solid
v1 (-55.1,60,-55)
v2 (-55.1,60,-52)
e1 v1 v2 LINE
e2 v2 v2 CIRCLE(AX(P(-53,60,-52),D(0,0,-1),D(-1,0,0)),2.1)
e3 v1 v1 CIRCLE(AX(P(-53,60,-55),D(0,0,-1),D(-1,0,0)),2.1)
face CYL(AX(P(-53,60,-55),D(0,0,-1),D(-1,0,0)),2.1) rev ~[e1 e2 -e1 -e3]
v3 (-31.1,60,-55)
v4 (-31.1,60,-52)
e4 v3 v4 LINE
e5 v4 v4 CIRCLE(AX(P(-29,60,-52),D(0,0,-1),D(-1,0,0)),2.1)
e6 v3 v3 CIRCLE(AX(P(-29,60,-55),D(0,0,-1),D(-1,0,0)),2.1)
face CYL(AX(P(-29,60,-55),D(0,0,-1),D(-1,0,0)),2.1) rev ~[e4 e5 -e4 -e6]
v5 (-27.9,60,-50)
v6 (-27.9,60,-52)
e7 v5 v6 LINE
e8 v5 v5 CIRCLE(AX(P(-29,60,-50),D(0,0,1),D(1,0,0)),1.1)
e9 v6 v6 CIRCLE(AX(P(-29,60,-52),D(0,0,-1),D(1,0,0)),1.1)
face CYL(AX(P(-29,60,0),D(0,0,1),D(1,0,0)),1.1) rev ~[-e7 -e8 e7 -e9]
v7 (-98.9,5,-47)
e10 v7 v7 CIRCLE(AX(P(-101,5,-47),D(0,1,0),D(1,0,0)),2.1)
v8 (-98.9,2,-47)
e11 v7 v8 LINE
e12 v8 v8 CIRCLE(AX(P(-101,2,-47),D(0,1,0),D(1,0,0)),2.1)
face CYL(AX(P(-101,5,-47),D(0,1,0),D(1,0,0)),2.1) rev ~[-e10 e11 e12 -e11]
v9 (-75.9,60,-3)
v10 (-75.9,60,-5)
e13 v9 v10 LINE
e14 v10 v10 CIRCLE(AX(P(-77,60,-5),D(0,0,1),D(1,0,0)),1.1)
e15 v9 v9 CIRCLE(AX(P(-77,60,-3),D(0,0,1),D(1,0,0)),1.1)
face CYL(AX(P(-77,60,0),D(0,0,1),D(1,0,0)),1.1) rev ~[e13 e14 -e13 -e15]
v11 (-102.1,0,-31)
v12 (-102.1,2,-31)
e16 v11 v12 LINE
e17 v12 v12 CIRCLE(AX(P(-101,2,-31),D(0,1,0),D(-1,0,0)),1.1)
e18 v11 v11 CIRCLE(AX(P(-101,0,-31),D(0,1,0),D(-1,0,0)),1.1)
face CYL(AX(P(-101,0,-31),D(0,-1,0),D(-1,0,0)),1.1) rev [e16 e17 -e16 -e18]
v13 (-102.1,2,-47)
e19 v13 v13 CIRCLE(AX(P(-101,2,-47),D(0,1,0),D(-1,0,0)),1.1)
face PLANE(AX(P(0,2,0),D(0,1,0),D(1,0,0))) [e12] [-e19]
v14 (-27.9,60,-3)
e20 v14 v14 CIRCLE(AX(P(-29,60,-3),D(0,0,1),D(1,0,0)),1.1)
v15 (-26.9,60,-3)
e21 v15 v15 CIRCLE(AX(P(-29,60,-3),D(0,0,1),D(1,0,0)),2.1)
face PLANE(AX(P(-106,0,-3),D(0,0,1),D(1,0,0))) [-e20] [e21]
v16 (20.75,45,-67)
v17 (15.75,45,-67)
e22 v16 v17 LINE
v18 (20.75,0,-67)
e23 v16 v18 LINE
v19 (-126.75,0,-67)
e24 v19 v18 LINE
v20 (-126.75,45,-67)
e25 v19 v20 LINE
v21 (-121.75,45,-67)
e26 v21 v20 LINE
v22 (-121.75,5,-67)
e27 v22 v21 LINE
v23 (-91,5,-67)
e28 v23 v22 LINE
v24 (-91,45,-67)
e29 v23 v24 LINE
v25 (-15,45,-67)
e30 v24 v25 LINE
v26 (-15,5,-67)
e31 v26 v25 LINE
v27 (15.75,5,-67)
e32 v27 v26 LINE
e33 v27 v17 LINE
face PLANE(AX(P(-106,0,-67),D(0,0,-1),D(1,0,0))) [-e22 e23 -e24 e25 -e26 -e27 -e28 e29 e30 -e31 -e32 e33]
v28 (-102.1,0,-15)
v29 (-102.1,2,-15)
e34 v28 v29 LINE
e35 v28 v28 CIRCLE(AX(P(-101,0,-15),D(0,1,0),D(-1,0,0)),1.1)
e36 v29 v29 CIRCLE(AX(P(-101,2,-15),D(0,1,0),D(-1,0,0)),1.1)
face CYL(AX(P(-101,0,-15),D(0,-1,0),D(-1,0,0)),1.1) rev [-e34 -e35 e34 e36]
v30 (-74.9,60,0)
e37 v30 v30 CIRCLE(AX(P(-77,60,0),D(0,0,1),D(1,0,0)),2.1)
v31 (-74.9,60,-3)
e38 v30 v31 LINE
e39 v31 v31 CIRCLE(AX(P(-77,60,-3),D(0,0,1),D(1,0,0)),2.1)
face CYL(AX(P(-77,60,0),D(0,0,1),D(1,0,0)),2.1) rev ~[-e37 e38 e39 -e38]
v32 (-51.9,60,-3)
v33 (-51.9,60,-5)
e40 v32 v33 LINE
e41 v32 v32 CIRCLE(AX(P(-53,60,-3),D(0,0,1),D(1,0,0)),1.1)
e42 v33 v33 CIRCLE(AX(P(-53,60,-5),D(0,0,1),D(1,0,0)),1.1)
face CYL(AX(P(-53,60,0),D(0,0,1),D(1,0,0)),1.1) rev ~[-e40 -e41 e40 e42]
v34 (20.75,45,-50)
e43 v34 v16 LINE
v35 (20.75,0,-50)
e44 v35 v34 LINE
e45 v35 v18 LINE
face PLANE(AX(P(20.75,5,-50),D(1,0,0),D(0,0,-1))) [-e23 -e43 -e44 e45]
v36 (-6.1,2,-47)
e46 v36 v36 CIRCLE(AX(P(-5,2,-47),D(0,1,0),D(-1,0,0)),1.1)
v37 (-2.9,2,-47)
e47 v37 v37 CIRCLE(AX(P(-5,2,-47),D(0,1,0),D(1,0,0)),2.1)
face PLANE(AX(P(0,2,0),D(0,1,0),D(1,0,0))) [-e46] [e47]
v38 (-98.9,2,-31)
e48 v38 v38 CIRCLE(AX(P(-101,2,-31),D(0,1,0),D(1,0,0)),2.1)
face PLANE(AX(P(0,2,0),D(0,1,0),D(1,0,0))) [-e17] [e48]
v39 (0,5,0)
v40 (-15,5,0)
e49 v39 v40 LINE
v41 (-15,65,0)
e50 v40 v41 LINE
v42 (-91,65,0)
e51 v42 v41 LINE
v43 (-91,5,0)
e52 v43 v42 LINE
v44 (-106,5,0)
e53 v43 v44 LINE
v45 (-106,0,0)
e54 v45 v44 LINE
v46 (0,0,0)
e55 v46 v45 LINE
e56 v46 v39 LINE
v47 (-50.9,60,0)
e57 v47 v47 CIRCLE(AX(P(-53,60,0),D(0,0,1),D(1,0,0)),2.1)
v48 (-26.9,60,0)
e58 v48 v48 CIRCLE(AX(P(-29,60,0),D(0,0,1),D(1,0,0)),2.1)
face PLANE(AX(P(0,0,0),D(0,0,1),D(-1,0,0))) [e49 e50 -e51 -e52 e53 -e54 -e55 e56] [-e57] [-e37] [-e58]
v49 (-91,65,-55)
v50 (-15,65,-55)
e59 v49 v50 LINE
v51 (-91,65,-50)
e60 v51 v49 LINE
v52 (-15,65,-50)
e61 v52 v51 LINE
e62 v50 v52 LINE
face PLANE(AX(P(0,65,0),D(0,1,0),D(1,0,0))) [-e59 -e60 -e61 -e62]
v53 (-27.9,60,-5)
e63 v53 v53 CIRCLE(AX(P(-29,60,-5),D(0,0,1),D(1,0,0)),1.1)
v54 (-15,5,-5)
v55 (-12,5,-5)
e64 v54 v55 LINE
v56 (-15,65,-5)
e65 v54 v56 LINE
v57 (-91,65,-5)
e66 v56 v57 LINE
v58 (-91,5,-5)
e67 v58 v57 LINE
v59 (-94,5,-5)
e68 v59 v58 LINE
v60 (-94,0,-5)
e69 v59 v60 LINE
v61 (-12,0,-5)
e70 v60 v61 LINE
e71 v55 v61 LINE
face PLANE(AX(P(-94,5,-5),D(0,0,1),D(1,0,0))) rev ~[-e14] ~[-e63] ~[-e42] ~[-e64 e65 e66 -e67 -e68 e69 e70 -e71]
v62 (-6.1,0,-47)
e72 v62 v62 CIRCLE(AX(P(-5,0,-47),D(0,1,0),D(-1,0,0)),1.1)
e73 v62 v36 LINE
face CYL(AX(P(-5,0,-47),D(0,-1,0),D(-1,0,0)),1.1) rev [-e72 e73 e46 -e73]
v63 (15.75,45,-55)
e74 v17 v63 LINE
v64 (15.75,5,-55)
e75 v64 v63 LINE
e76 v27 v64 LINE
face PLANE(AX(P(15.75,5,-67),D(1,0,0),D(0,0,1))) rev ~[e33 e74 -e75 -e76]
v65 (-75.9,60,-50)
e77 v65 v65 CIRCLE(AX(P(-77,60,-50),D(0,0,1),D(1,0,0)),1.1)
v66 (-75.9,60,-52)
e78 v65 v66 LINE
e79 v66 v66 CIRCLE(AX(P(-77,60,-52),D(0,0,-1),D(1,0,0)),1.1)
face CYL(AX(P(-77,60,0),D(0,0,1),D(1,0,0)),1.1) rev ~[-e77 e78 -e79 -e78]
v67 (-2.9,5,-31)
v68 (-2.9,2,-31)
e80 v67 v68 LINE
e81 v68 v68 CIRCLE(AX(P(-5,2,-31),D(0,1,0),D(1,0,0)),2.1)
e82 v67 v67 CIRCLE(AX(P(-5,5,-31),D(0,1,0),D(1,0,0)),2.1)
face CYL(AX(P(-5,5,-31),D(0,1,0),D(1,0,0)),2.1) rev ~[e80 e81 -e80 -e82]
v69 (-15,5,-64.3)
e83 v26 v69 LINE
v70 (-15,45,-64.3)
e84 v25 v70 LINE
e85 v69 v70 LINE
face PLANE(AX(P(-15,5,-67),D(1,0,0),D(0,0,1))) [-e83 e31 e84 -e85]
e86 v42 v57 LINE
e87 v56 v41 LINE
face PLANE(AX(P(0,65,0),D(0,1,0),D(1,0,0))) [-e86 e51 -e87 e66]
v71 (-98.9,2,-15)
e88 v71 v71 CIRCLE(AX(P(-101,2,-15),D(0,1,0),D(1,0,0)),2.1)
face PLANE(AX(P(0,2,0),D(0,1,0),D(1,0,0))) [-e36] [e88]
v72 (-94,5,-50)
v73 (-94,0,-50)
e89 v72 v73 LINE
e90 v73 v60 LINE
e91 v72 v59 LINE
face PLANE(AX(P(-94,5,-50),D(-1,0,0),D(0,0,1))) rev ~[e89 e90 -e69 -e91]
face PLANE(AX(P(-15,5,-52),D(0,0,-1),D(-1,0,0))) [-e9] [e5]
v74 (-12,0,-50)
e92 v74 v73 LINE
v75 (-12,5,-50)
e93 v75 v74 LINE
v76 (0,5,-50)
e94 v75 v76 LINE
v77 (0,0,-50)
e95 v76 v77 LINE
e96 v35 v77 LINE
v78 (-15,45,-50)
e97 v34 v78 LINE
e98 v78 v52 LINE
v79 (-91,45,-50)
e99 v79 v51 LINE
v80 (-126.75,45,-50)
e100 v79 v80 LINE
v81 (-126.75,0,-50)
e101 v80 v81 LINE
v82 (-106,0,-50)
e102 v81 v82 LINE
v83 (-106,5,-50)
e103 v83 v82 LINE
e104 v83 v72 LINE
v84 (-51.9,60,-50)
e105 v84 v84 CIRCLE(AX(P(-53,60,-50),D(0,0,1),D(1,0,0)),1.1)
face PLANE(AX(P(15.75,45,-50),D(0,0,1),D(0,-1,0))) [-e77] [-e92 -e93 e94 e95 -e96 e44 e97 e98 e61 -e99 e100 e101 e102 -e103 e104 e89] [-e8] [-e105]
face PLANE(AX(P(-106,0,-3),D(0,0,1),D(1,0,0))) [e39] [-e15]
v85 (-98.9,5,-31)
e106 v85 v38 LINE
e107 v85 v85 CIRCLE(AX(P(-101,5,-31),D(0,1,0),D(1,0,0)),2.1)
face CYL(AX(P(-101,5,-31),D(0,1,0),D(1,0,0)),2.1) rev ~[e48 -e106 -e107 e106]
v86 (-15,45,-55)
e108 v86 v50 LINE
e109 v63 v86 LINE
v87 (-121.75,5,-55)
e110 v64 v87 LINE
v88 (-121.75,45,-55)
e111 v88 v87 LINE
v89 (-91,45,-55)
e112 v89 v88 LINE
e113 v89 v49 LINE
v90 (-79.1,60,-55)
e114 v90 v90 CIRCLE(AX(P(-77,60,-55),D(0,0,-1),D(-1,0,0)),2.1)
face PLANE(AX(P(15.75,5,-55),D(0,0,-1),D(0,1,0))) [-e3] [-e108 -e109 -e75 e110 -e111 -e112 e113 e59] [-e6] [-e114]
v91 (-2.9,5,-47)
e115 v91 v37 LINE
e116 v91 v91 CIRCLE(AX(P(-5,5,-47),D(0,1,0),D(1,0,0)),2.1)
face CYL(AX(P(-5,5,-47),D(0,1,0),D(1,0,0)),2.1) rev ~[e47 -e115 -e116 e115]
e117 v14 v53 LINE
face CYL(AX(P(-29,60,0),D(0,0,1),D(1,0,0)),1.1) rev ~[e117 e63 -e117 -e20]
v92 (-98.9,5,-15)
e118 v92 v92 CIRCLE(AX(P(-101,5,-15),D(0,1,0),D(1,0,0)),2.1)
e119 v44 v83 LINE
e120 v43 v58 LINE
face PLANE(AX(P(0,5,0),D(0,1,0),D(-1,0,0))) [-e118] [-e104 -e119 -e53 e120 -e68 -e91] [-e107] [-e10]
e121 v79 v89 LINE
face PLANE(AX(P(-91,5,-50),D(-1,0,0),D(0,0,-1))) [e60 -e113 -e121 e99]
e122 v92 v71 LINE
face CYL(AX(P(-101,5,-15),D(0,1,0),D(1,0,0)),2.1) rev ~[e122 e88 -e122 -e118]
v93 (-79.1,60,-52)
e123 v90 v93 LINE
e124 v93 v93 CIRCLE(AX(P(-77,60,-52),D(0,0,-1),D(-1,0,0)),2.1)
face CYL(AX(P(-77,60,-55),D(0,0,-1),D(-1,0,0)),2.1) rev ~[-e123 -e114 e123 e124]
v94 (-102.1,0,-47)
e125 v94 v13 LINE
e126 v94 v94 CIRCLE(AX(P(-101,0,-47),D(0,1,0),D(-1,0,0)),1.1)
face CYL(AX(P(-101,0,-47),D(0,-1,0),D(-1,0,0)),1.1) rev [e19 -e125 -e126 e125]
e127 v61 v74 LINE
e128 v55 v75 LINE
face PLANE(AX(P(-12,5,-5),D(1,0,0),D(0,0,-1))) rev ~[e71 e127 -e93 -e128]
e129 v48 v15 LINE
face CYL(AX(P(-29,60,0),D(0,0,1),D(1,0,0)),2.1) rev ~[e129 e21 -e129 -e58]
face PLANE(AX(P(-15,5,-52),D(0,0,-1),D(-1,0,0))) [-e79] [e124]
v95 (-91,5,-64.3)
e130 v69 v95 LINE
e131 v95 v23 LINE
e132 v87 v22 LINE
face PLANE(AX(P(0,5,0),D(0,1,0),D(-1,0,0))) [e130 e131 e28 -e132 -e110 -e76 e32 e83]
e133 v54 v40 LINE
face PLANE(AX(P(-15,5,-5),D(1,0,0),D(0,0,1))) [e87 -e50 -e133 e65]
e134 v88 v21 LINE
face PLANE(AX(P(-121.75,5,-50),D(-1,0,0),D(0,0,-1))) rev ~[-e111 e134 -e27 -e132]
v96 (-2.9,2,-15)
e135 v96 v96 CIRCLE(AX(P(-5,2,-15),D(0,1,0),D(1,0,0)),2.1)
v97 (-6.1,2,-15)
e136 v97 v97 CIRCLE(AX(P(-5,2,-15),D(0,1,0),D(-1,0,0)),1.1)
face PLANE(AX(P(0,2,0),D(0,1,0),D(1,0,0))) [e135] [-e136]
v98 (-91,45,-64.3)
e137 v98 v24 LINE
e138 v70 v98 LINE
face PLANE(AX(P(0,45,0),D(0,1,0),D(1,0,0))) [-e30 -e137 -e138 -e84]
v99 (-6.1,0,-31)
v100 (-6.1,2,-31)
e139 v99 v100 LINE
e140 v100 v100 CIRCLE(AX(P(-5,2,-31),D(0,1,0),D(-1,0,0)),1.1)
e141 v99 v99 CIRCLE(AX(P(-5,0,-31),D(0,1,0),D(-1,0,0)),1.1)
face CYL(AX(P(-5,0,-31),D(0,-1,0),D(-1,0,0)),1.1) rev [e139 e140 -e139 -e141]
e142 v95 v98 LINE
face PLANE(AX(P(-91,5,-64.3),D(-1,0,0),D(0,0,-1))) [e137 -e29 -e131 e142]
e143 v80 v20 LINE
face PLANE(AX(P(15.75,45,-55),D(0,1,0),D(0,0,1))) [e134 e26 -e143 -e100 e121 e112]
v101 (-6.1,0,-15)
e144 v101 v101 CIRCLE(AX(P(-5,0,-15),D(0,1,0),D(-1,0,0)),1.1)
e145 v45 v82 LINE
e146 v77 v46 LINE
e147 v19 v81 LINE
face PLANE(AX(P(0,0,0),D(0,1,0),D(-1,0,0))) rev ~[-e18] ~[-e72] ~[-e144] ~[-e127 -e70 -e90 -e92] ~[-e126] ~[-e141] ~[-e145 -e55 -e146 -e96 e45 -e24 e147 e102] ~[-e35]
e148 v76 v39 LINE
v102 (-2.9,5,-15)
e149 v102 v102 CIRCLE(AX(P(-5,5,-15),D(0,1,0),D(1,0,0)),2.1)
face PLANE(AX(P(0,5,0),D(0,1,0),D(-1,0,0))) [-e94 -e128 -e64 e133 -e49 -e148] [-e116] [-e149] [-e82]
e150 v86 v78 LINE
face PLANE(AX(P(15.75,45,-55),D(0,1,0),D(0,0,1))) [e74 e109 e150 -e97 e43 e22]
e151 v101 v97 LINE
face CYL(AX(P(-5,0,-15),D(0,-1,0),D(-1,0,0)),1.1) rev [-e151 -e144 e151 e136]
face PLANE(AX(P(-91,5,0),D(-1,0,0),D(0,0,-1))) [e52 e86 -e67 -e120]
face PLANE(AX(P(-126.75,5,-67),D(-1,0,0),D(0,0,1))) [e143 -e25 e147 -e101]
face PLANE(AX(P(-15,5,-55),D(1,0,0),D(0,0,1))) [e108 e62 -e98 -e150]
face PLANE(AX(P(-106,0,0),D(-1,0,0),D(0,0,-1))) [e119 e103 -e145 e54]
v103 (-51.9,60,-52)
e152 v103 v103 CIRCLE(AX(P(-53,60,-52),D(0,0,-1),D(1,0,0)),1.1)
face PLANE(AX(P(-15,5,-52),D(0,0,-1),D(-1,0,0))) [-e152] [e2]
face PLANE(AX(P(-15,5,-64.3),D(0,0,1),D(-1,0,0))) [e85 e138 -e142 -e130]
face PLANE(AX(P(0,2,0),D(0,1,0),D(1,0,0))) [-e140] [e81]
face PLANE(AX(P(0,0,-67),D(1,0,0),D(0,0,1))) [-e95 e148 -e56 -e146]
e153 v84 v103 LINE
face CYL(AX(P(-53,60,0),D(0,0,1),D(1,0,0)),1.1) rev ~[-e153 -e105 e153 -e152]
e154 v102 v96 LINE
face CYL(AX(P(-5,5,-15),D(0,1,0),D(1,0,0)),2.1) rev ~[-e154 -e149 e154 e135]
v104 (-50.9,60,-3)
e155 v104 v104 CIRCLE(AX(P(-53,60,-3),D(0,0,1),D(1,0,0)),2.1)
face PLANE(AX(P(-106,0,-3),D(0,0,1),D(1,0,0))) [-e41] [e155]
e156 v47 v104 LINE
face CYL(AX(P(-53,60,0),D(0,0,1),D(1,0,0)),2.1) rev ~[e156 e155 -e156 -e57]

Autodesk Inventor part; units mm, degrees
ref_plane "YZ Plane" through (0, 0, 0) normal (1, 0, 0) x (0, 1, 0)
ref_plane "XZ Plane" through (0, 0, 0) normal (0, 1, 0) x (-1, 0, 0)
ref_plane "XY Plane" through (0, 0, 0) normal (0, 0, 1) x (1, 0, 0)
sketch "스케치1" plane through (0, 0, 0) normal (0, 1, 0) x (-1, 0, 0)
  line L0 (0, 0) -> (106, 0)
  line L1 (106, 0) -> (106, -67)
  line L2 (106, -67) -> (0, -67)
  line L3 (0, -67) -> (0, 0)
  circle A0 centre (5, -15) radius 1.1
  circle A1 centre (5, -31) radius 1.1
  circle A2 centre (5, -47) radius 1.1
  circle A3 centre (101, -15) radius 1.1
  circle A4 centre (101, -31) radius 1.1
  circle A5 centre (101, -47) radius 1.1
  dimension "d1" = 2.2
  dimension "d4" = 16
  dimension "d7" = 96
  dimension "d10" = 5
  dimension "d11" = 15
  dimension "d12" = 5
  dimension "d13" = 20
extrude "돌출1" add sketch "스케치1" along normal blind 5
sketch "스케치2" plane through (0, 5, 0) normal (0, 1, 0) x (1, 0, 0)
  circle A0 centre (-5, 15) radius 1.1 projected
  circle A1 centre (-5, 15) radius 2.1
  circle A2 centre (-5, 31) radius 1.1 projected
  circle A3 centre (-5, 31) radius 2.1
  circle A4 centre (-5, 47) radius 1.1 projected
  circle A5 centre (-5, 47) radius 2.1
  circle A6 centre (-101, 47) radius 1.1 projected
  circle A7 centre (-101, 47) radius 2.1
  circle A8 centre (-101, 31) radius 1.1 projected
  circle A9 centre (-101, 31) radius 2.1
  circle A10 centre (-101, 15) radius 1.1 projected
  circle A11 centre (-101, 15) radius 2.1
  point P0 (0, 0)
  dimension "d16" = 4.2
  dimension "d17" = 4.2
  dimension "d18" = 4.2
  dimension "d19" = 4.2
  dimension "d20" = 4.2
  dimension "d21" = 4.2
extrude "돌출2" cut sketch "스케치2" against normal blind 3
sketch "스케치3" plane through (0, 5, 0) normal (0, 1, 0) x (1, 0, 0)
  line L0 (-106, 67) -> (0, 67) projected
  line L1 (-106, 0) -> (0, 0) projected
  line L2 (-91, 67) -> (-15, 67)
  line L3 (-15, 67) -> (-15, 0)
  line L4 (-15, 0) -> (-91, 0)
  line L5 (-91, 0) -> (-91, 67)
  line L6 (0, 0) -> (0, 67) projected
  line L7 (-106, 67) -> (-106, 0) projected
  line L8 (-91, 0) -> (-15, 0)
  line L9 (-15, 0) -> (-15, 5)
  line L10 (-15, 5) -> (-91, 5)
  line L11 (-91, 5) -> (-91, 0)
  line L12 (-91, 55) -> (-15, 55)
  line L13 (-15, 55) -> (-15, 50)
  line L14 (-15, 50) -> (-91, 50)
  line L15 (-91, 50) -> (-91, 55)
  dimension "d24" = 15
  dimension "d25" = 15
  dimension "d26" = 5
  dimension "d27" = 5
  dimension "d30" = 45
extrude "돌출3" add sketch "스케치3" along normal blind 60 contours L12 L3 L14 L5 | L5 L10 L3 L1
sketch "스케치4" plane through (-106, 0, 0) normal (0, 0, 1) x (1, 0, 0)
  circle A0 centre (53, 60) radius 1.1
  circle A1 centre (77, 60) radius 1.1
  circle A2 centre (29, 60) radius 1.1
  line L0 (91, 5) -> (91, 65) projected
  line L1 (15, 65) -> (91, 65) projected
  point P0 (106, 0)
  dimension "d33" = 2.2
  dimension "d34" = 2.2
  dimension "d35" = 2.2
  dimension "d36" = 24
  dimension "d37" = 24
  dimension "d38" = 38
  dimension "d39" = 5
  dimension "d40" = 5
  dimension "d41" = 5
extrude "돌출4" cut sketch "스케치4" against normal blind 55
sketch "스케치5" plane through (-106, 0, 0) normal (0, 0, 1) x (1, 0, 0)
  circle A0 centre (29, 60) radius 1.1 projected
  circle A1 centre (29, 60) radius 2.1
  circle A2 centre (53, 60) radius 1.1 projected
  circle A3 centre (53, 60) radius 2.1
  circle A4 centre (77, 60) radius 1.1 projected
  circle A5 centre (77, 60) radius 2.1
  point P0 (106, 0)
  dimension "d44" = 4.2
  dimension "d45" = 4.2
  dimension "d46" = 4.2
sketch "스케치6" plane through (-15, 5, -55) normal (0, 0, -1) x (-1, 0, 0)
  circle A0 centre (14, 55) radius 1.1 projected
  circle A1 centre (14, 55) radius 2.1
  circle A2 centre (38, 55) radius 1.1 projected
  circle A3 centre (38, 55) radius 2.1
  circle A4 centre (62, 55) radius 1.1 projected
  circle A5 centre (62, 55) radius 2.1
  point P0 (-15, -5)
  dimension "d47" = 4.2
  dimension "d48" = 4.2
  dimension "d49" = 4.2
extrude "돌출5" cut sketch "스케치6" against normal blind 3
extrude "돌출6" cut sketch "스케치5" against normal blind 3
sketch "스케치7" plane through (0, 5, 0) normal (0, 1, 0) x (1, 0, 0)
  line L0 (-91, 67) -> (-15, 67)
  line L1 (-15, 67) -> (-15, 64.3)
  line L2 (-15, 64.3) -> (-91, 64.3)
  line L3 (-91, 64.3) -> (-91, 67)
  line L4 (-91, 55) -> (-91, 50) projected
  line L5 (-15, 50) -> (-15, 55) projected
  line L6 (-15, 55) -> (-91, 55) projected
  line L7 (-126.75, 50) -> (-121.75, 50)
  line L8 (-121.75, 50) -> (-121.75, 67)
  line L9 (-121.75, 67) -> (-126.75, 67)
  line L10 (-126.75, 67) -> (-126.75, 50)
  line L11 (15.75, 50) -> (20.75, 50)
  line L12 (20.75, 50) -> (20.75, 67)
  line L13 (20.75, 67) -> (15.75, 67)
  line L14 (15.75, 67) -> (15.75, 50)
  line L15 (-106, 67) -> (-106, 0) projected
  line L16 (-126.75, 50) -> (-106, 50)
  line L17 (-106, 50) -> (-106, 67)
  line L18 (-106, 67) -> (-126.75, 67)
  line L19 (-126.75, 67) -> (-126.75, 50)
  line L20 (0, 50) -> (20.75, 50)
  line L21 (20.75, 50) -> (20.75, 67)
  line L22 (20.75, 67) -> (0, 67)
  line L23 (0, 67) -> (0, 50)
  point P0 (0, 0)
  point P1 (0, 67)
  dimension "d54" = 9.3
  dimension "d56" = 5
  dimension "d57" = 5
  dimension "d58" = 137.5
  dimension "d59" = 15.75
extrude "돌출7" add sketch "스케치7" along normal blind 40 contours L10 L9 L8 L7 | L14 L13 L12 L11
extrude "돌출8" add sketch "스케치7" against normal blind 5 contours L10 L9 L8 L7 | L8 L18 L15 L16 | L14 L13 L12 L11 | L20 L23 L22 L14
extrude "돌출9" add sketch "스케치7" along normal blind 40 contours L0 L1 L2 L3
sketch "스케치8" plane through (15.75, 5, -67) normal (-1, 0, 0) x (0, 0, 1)
  line L0 (17, 0) -> (12, 0) projected
  line L1 (17, 0) -> (12, 0)
  line L2 (12, 0) -> (12, 40)
  line L3 (12, 40) -> (17, 40)
  line L4 (17, 40) -> (17, 0)
  point P0 (67, -5)
  dimension "d66" = 5
  dimension "d67" = 40
extrude "돌출10" add sketch "스케치8" along normal blind 142.5
sketch "스케치9" plane through (0, 5, 0) normal (0, 1, 0) x (1, 0, 0)
  line L0 (0, 50) -> (-106, 50) projected
  line L1 (-94, 5) -> (-12, 5)
  line L2 (-12, 5) -> (-12, 50)
  line L3 (-12, 50) -> (-94, 50)
  line L4 (-94, 50) -> (-94, 5)
  line L5 (-15, 5) -> (-91, 5) projected
  line L6 (-106, 50) -> (-106, 0) projected
  line L7 (0, 0) -> (0, 50) projected
  dimension "d70" = 12
  dimension "d71" = 12
extrude "돌출11" cut sketch "스케치9" against normal blind 10
equation "\"d25\" = d24"
properties part number "Frame"
